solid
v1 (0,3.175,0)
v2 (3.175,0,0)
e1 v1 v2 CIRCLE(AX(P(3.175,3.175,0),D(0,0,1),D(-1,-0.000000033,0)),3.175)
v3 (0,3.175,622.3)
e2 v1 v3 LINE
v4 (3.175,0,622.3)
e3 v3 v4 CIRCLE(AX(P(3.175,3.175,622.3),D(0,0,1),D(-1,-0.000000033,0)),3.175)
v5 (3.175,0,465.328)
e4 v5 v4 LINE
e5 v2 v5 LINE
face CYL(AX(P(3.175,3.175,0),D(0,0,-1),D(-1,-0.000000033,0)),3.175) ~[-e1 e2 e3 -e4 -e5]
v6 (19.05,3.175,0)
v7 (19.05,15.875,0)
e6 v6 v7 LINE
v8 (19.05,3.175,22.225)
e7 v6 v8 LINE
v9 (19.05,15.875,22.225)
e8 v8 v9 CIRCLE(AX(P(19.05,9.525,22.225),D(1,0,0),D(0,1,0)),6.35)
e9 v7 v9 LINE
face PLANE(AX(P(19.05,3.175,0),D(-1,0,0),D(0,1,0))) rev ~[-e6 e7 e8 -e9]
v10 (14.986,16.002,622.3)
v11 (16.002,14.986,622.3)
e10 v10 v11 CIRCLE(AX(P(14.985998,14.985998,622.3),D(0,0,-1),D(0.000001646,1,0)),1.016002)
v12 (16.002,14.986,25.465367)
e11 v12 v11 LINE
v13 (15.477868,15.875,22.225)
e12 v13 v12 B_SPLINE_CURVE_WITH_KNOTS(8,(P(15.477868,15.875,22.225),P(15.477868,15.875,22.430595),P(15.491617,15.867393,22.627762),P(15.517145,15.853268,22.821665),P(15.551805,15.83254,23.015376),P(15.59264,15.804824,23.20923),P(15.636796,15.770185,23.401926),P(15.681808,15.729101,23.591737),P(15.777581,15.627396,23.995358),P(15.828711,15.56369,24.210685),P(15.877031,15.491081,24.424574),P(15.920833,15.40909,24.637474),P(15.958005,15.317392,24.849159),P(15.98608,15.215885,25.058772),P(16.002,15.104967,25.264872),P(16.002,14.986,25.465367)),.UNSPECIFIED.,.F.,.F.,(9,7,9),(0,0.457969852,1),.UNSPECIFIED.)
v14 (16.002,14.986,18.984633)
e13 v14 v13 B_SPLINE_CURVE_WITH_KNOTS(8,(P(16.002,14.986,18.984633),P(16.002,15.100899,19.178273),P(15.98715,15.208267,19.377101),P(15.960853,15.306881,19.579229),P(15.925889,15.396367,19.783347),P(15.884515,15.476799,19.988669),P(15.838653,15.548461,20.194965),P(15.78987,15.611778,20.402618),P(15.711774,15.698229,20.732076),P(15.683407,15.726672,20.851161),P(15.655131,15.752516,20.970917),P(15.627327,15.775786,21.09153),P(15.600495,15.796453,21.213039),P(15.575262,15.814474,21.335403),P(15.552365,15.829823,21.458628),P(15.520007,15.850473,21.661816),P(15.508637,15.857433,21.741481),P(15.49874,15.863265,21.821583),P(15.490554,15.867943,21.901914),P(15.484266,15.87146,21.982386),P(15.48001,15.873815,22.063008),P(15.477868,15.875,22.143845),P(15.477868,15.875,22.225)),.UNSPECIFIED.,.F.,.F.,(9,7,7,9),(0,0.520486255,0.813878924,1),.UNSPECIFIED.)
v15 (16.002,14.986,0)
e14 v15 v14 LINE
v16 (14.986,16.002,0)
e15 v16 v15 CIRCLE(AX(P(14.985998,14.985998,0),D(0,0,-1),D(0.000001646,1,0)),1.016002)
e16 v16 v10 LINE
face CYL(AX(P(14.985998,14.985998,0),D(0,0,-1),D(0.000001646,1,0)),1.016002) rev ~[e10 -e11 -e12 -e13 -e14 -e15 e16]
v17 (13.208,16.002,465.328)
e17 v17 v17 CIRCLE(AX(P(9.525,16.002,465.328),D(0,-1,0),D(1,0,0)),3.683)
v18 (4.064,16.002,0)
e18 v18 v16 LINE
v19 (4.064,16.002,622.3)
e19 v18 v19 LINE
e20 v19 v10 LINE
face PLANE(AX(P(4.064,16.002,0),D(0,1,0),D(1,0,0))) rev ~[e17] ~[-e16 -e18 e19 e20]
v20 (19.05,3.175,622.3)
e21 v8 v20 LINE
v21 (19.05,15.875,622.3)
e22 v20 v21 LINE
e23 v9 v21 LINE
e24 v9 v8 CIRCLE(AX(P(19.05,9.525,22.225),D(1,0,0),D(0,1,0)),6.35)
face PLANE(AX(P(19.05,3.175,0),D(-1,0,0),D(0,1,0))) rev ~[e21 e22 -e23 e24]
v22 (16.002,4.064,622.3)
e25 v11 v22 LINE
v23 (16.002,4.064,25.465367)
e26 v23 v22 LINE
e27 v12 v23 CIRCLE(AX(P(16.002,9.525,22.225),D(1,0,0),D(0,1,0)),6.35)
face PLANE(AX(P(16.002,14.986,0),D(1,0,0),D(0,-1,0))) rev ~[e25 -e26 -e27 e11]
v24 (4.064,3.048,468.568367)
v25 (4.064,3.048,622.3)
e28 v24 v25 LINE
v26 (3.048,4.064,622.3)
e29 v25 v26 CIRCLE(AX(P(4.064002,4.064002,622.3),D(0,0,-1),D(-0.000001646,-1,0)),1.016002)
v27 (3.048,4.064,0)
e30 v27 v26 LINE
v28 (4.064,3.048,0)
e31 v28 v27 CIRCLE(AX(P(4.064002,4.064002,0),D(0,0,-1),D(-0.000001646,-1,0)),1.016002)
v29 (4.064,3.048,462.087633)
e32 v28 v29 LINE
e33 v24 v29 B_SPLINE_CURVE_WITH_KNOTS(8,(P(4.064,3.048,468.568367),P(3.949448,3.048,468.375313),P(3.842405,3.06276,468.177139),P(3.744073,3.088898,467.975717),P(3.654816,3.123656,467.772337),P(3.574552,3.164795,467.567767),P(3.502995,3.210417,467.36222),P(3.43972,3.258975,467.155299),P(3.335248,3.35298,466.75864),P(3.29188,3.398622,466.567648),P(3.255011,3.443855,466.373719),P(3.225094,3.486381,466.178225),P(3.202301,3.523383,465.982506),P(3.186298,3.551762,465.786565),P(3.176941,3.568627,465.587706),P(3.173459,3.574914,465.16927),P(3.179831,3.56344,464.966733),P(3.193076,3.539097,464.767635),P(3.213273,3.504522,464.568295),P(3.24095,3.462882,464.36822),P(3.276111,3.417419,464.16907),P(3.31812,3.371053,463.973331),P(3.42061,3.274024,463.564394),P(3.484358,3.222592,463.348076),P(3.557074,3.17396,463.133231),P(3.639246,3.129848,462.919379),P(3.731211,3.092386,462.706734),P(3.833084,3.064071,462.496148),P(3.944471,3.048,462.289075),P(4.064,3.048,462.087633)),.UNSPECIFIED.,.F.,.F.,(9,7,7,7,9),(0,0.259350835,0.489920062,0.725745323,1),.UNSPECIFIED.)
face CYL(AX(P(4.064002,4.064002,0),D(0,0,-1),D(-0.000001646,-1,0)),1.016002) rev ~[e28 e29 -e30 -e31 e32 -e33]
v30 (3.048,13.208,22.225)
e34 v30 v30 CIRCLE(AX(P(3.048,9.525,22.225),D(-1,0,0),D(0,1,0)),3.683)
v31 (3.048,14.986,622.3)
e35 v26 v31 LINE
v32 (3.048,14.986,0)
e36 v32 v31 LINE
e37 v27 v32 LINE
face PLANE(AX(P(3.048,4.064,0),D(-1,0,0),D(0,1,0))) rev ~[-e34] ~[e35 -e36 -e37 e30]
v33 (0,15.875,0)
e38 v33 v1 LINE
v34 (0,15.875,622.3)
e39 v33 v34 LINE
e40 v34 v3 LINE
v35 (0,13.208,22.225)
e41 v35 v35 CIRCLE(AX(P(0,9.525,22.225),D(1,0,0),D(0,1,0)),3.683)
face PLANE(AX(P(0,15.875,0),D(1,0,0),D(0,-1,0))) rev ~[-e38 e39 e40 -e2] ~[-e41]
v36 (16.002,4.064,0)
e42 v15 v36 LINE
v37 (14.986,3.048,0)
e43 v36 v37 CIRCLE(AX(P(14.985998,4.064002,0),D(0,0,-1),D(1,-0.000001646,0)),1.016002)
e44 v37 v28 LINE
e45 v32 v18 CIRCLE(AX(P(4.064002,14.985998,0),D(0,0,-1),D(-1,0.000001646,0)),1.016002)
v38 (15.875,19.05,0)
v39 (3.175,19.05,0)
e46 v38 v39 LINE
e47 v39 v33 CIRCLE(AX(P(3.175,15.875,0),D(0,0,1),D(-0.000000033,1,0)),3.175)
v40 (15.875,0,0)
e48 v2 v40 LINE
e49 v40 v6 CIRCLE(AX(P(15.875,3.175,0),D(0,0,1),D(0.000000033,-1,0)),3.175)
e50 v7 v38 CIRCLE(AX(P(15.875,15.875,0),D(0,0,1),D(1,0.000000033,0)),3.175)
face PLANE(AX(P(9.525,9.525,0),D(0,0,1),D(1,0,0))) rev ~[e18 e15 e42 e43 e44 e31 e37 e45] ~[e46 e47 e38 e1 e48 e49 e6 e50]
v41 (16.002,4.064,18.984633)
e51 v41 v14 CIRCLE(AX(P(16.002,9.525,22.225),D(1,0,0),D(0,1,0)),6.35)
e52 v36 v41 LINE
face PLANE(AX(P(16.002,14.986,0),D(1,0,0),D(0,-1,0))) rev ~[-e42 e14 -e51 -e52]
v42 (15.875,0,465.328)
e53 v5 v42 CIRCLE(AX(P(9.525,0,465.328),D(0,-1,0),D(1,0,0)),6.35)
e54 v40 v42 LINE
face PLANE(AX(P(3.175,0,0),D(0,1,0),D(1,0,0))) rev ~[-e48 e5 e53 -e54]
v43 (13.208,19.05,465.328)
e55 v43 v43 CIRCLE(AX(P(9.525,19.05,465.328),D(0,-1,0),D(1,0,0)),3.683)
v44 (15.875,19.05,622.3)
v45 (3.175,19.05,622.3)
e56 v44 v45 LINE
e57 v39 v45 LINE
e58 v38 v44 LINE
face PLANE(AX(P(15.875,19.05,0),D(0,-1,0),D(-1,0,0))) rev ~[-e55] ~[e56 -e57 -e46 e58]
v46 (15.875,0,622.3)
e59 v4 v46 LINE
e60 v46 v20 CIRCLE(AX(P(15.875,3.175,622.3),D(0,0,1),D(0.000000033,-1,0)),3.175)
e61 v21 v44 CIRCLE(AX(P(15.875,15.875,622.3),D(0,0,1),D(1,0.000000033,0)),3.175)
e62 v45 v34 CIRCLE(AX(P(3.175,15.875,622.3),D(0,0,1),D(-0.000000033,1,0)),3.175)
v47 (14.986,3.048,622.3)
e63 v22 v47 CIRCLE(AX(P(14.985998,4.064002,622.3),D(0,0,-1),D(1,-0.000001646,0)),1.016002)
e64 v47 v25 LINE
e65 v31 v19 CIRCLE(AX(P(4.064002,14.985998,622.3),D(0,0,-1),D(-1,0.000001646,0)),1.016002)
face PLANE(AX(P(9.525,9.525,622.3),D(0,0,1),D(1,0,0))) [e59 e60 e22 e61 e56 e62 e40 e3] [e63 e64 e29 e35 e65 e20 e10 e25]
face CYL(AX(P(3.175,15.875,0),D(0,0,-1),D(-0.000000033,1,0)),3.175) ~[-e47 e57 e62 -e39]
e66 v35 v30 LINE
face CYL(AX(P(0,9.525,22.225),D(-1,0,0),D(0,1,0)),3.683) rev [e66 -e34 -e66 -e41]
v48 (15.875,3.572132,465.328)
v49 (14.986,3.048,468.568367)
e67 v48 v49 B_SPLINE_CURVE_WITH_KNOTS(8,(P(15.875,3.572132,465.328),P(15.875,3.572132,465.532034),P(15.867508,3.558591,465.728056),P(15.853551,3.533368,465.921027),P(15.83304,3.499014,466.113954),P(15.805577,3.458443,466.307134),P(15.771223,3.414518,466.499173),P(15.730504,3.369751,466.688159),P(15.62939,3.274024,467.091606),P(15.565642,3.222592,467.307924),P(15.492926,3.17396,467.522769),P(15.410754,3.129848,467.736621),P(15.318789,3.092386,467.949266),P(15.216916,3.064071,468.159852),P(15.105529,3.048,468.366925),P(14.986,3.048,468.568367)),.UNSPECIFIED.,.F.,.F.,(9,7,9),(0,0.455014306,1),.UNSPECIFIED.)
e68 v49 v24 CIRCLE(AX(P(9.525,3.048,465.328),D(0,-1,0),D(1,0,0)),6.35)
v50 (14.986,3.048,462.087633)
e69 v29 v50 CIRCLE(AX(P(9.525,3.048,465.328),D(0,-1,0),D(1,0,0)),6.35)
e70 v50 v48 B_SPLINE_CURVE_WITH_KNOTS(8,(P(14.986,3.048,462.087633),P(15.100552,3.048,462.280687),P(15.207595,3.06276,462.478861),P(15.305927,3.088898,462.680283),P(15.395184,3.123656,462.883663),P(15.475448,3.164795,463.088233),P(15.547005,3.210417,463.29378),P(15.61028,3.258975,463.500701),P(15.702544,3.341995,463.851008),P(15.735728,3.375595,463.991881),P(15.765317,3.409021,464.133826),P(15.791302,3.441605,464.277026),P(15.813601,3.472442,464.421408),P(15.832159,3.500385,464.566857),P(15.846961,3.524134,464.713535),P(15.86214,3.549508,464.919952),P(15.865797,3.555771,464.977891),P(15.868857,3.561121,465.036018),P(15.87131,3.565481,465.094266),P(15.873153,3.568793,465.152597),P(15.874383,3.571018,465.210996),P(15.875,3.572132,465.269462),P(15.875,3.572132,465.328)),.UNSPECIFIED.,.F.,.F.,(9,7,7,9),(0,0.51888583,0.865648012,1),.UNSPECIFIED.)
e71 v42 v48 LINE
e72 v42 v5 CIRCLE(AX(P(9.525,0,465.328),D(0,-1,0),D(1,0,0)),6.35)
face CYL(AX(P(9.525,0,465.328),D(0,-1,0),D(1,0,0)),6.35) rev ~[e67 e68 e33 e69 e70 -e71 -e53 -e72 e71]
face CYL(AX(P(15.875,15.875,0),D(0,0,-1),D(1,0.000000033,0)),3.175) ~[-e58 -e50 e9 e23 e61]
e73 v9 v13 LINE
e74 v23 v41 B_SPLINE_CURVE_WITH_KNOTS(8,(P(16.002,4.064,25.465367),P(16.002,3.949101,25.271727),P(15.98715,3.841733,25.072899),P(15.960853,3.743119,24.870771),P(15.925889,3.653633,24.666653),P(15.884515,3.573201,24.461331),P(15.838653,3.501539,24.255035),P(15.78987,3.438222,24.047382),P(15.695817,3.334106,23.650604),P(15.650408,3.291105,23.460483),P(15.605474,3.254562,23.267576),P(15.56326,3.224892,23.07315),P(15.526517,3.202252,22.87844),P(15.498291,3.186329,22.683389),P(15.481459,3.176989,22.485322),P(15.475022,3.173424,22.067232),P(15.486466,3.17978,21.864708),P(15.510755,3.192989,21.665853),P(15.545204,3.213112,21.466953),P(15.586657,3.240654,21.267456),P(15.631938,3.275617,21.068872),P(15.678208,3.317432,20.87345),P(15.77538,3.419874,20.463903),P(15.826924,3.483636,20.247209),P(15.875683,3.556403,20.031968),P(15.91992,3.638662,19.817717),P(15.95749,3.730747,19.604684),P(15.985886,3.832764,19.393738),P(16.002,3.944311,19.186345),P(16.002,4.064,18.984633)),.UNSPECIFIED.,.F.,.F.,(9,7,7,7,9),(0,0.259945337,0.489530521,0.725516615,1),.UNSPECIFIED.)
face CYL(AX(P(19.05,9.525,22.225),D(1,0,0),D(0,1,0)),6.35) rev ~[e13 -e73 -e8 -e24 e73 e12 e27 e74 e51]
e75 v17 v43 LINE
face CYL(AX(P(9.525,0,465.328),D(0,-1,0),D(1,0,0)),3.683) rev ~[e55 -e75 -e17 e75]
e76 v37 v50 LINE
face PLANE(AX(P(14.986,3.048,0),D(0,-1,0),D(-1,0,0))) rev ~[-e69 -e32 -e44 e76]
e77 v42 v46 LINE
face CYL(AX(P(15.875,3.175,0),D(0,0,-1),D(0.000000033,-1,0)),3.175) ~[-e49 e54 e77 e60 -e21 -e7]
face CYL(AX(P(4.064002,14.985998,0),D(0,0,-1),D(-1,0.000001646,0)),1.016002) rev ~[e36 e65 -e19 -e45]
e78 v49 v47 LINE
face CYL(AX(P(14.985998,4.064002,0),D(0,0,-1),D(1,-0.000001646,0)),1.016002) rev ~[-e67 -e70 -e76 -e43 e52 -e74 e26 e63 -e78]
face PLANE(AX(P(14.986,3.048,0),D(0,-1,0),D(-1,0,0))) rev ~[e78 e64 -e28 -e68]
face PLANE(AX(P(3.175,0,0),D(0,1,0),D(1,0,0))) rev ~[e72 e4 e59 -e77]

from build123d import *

# Parameters (mm, degrees)
F1_DEPTH = 622.3
F2_R     = 3.683
F3_DEPTH = 47.498
F4_R     = 6.35
F5_DEPTH = 4.064
F6_R     = 3.683
F7_DEPTH = 25.4
F8_R     = 6.35
F9_DEPTH = 8.636


with BuildPart() as f1:
    # F0 (on Top) → F1 (new body)
    with BuildSketch(Plane.XY):
        with BuildLine():
            ThreePointArc((0, 3.175), (0.929936, 0.929936), (3.175, 0))
            Line((3.175, 0), (15.875, 0))
            ThreePointArc((15.875, 0), (18.120064, 0.929936), (19.05, 3.175))
            Line((19.05, 3.175), (19.05, 15.875))
            ThreePointArc((19.05, 15.875), (18.120064, 18.120064), (15.875, 19.05))
            Line((15.875, 19.05), (3.175, 19.05))
            ThreePointArc((3.175, 19.05), (0.929936, 18.120064), (0, 15.875))
            Line((0, 15.875), (0, 3.175))
        make_face()
        with BuildLine():
            ThreePointArc((3.048, 14.986), (3.34558, 15.70442), (4.064, 16.002))
            Line((4.064, 16.002), (14.986, 16.002))
            ThreePointArc((14.986, 16.002), (15.70442, 15.70442), (16.002, 14.986))
            Line((16.002, 14.986), (16.002, 4.064))
            ThreePointArc((16.002, 4.064), (15.70442, 3.34558), (14.986, 3.048))
            Line((14.986, 3.048), (4.064, 3.048))
            ThreePointArc((4.064, 3.048), (3.34558, 3.34558), (3.048, 4.064))
            Line((3.048, 4.064), (3.048, 14.986))
        make_face(mode=Mode.SUBTRACT)
    extrude(amount=F1_DEPTH)

    # F2 (on Right) → F3 (cut)
    with BuildSketch(Plane.YZ):
        with Locations((9.525, 22.225)):
            Circle(F2_R)
    extrude(amount=F3_DEPTH, mode=Mode.SUBTRACT)

    # F4 (on face) → F5 (cut)
    with BuildSketch(Plane.YZ.offset(19.05)):
        with Locations((9.525, 22.225)):
            Circle(F4_R)
    extrude(amount=-F5_DEPTH, mode=Mode.SUBTRACT)

    # F6 (on Front) → F7 (cut)
    with BuildSketch(Plane.XZ):
        with Locations((9.525, 465.328)):
            Circle(F6_R)
    extrude(amount=-F7_DEPTH, mode=Mode.SUBTRACT)

    # F8 (on face) → F9 (cut)
    with BuildSketch(Plane.XZ):
        with Locations((9.525, 465.328)):
            Circle(F8_R)
    extrude(amount=-F9_DEPTH, mode=Mode.SUBTRACT)


solid = f1.part
